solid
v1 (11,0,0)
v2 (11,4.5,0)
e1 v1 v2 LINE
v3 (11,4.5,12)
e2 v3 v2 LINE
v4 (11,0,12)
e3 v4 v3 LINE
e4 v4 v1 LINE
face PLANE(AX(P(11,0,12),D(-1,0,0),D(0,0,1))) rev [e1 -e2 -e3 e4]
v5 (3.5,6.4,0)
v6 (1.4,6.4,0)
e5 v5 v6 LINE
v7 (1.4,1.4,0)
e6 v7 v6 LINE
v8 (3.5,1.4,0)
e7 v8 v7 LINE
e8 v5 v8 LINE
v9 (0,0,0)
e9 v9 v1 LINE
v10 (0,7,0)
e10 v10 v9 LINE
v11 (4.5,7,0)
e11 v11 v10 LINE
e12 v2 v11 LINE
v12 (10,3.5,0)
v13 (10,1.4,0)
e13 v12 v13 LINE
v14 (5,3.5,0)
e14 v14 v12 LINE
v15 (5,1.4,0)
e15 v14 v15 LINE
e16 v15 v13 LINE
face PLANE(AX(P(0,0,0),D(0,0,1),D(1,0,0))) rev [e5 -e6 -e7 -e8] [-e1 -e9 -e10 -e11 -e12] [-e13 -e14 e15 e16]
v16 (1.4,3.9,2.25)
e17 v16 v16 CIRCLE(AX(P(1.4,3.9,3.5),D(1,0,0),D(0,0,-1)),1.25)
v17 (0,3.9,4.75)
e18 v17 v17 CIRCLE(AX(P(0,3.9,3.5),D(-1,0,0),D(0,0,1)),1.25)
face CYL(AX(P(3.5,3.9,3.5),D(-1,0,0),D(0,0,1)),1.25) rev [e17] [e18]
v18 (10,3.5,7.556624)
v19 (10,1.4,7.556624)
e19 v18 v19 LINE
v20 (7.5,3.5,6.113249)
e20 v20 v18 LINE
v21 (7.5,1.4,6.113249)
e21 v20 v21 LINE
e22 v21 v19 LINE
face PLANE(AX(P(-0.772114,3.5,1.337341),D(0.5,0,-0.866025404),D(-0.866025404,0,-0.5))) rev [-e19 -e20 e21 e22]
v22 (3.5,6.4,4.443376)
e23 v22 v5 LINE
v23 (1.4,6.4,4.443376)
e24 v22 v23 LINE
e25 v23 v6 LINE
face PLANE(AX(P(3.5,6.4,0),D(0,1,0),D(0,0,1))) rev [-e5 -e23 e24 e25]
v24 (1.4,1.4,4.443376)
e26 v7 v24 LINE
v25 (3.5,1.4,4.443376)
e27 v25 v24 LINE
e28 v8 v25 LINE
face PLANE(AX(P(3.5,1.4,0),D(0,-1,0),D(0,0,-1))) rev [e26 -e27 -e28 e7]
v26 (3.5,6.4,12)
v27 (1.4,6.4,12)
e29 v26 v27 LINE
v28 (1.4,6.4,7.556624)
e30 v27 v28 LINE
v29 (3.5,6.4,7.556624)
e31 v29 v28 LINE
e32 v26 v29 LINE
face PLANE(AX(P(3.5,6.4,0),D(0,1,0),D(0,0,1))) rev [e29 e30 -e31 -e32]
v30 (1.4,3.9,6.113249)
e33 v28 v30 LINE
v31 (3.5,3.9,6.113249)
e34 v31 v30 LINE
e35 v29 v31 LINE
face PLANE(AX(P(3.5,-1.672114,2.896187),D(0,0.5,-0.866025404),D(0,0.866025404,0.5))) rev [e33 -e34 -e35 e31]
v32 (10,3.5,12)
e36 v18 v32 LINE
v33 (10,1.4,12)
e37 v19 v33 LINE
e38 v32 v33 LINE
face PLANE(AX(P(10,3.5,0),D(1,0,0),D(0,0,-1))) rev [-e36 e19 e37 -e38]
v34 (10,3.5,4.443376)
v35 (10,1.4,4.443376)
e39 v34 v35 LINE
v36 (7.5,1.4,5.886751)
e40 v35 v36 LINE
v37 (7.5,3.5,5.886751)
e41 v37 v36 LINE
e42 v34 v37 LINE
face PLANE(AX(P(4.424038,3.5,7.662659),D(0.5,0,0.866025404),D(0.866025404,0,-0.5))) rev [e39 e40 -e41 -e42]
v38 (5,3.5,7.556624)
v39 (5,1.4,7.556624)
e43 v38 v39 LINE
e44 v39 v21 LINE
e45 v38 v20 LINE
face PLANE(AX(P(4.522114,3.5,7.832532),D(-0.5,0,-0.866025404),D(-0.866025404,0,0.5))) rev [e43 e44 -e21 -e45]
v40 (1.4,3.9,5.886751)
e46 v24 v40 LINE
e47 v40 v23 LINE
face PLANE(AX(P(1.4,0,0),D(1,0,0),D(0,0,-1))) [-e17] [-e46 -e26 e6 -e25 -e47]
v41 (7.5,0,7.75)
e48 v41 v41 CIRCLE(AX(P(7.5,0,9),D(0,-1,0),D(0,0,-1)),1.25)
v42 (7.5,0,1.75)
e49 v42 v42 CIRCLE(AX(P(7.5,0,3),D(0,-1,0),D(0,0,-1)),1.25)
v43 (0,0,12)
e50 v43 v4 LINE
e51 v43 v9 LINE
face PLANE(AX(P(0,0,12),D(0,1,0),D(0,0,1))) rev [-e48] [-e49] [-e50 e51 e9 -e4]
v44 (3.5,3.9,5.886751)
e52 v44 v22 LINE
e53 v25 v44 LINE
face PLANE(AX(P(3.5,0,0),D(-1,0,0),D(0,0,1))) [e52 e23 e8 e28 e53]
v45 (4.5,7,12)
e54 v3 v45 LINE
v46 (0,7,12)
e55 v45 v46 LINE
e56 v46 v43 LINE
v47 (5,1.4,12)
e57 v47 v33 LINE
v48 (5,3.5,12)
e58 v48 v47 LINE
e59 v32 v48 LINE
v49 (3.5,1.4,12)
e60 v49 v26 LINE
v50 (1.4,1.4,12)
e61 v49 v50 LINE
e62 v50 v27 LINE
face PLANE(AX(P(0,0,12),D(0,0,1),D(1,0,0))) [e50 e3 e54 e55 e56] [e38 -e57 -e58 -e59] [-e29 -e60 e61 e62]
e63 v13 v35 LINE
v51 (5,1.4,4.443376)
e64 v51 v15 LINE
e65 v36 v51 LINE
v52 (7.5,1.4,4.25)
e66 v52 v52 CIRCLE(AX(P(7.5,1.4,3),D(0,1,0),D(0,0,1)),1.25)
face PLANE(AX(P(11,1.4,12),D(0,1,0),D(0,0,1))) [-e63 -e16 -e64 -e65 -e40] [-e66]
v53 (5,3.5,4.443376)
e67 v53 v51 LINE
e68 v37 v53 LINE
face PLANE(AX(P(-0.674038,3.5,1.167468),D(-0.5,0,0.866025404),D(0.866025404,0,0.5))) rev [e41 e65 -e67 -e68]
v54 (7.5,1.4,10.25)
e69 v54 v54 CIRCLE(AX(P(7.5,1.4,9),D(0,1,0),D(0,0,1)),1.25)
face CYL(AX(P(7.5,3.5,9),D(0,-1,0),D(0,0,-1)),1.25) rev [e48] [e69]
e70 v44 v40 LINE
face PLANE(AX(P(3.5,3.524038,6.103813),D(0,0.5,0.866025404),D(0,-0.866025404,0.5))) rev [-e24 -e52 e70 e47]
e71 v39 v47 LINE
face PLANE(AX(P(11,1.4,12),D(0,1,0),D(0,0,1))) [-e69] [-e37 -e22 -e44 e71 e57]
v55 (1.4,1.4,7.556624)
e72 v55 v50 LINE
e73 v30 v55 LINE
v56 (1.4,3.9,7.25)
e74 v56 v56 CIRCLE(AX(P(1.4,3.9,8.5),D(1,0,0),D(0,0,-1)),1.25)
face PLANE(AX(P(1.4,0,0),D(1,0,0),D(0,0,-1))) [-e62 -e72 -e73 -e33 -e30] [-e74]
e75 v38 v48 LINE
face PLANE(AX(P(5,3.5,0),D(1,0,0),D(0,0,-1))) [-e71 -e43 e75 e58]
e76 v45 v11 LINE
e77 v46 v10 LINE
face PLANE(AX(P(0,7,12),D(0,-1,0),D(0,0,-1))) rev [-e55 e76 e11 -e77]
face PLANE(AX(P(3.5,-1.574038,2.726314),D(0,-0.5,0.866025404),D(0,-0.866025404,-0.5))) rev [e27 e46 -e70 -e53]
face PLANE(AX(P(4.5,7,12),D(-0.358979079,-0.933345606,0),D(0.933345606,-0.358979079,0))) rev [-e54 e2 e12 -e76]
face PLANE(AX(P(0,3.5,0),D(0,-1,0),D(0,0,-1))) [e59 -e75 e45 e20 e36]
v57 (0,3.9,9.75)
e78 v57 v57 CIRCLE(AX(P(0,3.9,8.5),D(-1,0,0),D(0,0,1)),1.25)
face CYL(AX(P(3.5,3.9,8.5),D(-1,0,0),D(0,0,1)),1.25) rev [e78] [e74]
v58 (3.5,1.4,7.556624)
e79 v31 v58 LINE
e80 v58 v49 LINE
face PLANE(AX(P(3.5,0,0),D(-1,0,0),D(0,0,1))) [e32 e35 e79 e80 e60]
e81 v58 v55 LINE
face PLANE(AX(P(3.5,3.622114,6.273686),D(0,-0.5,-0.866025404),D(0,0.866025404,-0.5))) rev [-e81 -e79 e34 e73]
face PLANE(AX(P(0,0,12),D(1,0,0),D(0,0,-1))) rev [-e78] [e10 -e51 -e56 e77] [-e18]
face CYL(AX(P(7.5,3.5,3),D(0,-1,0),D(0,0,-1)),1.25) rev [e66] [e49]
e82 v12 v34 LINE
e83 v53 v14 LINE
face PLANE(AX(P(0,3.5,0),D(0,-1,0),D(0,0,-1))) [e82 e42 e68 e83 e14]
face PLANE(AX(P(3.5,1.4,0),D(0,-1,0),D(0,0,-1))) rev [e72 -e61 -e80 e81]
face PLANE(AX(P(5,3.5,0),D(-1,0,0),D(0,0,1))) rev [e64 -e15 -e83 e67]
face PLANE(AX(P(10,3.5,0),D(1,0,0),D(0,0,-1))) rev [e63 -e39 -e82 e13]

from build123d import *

# Parameters (mm, degrees)
BOSS_EXTRUDE1_DEPTH = 12
CUT_EXTRUDE1_DEPTH  = 3.5
SKETCH3_W           = 1.4
SKETCH3_H           = 12
BOSS_EXTRUDE2_DEPTH = 7
SKETCH4_R           = 1.25
CUT_EXTRUDE2_DEPTH  = 3.5
SKETCH5_W           = 7
SKETCH5_H           = 1.4
BOSS_EXTRUDE3_DEPTH = 12
SKETCH6_R           = 1.25
CUT_EXTRUDE3_DEPTH  = 3.5
SKETCH4_3_R         = 1.25
CUT_EXTRUDE4_DEPTH  = 3.5


with BuildPart() as part:
    # Sketch1 → Boss-Extrude1 (new body)
    with BuildSketch(Plane.XY):
        Polygon((0, 0), (0, 7), (4.5, 7), (11, 4.5), (11, 0), align=None)
    extrude(amount=BOSS_EXTRUDE1_DEPTH)

    # Sketch2 → Cut-Extrude1 (cut)
    with BuildSketch(Plane.ZY):
        Polygon((5.886751346, 3.9), (4.443375673, 6.4), (0, 6.4), (0, 1.4), (4.443375673, 1.4), align=None)
        Polygon((7.556624327, 6.4), (6.113248654, 3.9), (7.556624327, 1.4), (12, 1.4), (12, 6.4), align=None)
    extrude(amount=-CUT_EXTRUDE1_DEPTH, mode=Mode.SUBTRACT)

    # Sketch3 → Boss-Extrude2 (add)
    with BuildSketch(Plane(origin=(0, 7, 0), x_dir=(1, 0, 0), z_dir=(0, 1, 0))):
        with Locations((0.7, -6)):
            Rectangle(SKETCH3_W, SKETCH3_H)
    extrude(amount=-BOSS_EXTRUDE2_DEPTH)

    # Sketch4 → Cut-Extrude2 (cut)
    # profile 1 of 2: a face of its own
    with BuildSketch(Plane.XZ):
        Polygon((7.5, 6.113248654), (10, 7.556624327), (10, 12), (5, 12), (5, 7.556624327), align=None)
    # profile 2 of 2: a face of its own
    with BuildSketch(Plane.XZ):
        Polygon((7.5, 5.886751346), (5, 4.443375673), (5, 0), (10, 0), (10, 4.443375673), align=None)
        with Locations((7.5, 3)):
            Circle(SKETCH4_R, mode=Mode.SUBTRACT)
    extrude(amount=-CUT_EXTRUDE2_DEPTH, mode=Mode.SUBTRACT)

    # Sketch5 → Boss-Extrude3 (add)
    with BuildSketch(Plane(origin=(0, 0, 0), x_dir=(-1, 0, 0), z_dir=(0, 0, -1))):
        with Locations((-7.5, 0.7)):
            Rectangle(SKETCH5_W, SKETCH5_H)
    extrude(amount=-BOSS_EXTRUDE3_DEPTH)

    # Sketch6 → Cut-Extrude3 (cut)
    with BuildSketch(Plane.ZY):
        with Locations((3.5, 3.9)):
            Circle(SKETCH6_R)
        with Locations((8.5, 3.9)):
            Circle(SKETCH6_R)
    extrude(amount=-CUT_EXTRUDE3_DEPTH, mode=Mode.SUBTRACT)

    # Sketch4<3> → Cut-Extrude4 (cut)
    with BuildSketch(Plane.XZ):
        with Locations((7.5, 9)):
            Circle(SKETCH4_3_R)
        with Locations((7.5, 3)):
            Circle(SKETCH4_3_R)
    extrude(amount=-CUT_EXTRUDE4_DEPTH, mode=Mode.SUBTRACT)


solid = part.part
